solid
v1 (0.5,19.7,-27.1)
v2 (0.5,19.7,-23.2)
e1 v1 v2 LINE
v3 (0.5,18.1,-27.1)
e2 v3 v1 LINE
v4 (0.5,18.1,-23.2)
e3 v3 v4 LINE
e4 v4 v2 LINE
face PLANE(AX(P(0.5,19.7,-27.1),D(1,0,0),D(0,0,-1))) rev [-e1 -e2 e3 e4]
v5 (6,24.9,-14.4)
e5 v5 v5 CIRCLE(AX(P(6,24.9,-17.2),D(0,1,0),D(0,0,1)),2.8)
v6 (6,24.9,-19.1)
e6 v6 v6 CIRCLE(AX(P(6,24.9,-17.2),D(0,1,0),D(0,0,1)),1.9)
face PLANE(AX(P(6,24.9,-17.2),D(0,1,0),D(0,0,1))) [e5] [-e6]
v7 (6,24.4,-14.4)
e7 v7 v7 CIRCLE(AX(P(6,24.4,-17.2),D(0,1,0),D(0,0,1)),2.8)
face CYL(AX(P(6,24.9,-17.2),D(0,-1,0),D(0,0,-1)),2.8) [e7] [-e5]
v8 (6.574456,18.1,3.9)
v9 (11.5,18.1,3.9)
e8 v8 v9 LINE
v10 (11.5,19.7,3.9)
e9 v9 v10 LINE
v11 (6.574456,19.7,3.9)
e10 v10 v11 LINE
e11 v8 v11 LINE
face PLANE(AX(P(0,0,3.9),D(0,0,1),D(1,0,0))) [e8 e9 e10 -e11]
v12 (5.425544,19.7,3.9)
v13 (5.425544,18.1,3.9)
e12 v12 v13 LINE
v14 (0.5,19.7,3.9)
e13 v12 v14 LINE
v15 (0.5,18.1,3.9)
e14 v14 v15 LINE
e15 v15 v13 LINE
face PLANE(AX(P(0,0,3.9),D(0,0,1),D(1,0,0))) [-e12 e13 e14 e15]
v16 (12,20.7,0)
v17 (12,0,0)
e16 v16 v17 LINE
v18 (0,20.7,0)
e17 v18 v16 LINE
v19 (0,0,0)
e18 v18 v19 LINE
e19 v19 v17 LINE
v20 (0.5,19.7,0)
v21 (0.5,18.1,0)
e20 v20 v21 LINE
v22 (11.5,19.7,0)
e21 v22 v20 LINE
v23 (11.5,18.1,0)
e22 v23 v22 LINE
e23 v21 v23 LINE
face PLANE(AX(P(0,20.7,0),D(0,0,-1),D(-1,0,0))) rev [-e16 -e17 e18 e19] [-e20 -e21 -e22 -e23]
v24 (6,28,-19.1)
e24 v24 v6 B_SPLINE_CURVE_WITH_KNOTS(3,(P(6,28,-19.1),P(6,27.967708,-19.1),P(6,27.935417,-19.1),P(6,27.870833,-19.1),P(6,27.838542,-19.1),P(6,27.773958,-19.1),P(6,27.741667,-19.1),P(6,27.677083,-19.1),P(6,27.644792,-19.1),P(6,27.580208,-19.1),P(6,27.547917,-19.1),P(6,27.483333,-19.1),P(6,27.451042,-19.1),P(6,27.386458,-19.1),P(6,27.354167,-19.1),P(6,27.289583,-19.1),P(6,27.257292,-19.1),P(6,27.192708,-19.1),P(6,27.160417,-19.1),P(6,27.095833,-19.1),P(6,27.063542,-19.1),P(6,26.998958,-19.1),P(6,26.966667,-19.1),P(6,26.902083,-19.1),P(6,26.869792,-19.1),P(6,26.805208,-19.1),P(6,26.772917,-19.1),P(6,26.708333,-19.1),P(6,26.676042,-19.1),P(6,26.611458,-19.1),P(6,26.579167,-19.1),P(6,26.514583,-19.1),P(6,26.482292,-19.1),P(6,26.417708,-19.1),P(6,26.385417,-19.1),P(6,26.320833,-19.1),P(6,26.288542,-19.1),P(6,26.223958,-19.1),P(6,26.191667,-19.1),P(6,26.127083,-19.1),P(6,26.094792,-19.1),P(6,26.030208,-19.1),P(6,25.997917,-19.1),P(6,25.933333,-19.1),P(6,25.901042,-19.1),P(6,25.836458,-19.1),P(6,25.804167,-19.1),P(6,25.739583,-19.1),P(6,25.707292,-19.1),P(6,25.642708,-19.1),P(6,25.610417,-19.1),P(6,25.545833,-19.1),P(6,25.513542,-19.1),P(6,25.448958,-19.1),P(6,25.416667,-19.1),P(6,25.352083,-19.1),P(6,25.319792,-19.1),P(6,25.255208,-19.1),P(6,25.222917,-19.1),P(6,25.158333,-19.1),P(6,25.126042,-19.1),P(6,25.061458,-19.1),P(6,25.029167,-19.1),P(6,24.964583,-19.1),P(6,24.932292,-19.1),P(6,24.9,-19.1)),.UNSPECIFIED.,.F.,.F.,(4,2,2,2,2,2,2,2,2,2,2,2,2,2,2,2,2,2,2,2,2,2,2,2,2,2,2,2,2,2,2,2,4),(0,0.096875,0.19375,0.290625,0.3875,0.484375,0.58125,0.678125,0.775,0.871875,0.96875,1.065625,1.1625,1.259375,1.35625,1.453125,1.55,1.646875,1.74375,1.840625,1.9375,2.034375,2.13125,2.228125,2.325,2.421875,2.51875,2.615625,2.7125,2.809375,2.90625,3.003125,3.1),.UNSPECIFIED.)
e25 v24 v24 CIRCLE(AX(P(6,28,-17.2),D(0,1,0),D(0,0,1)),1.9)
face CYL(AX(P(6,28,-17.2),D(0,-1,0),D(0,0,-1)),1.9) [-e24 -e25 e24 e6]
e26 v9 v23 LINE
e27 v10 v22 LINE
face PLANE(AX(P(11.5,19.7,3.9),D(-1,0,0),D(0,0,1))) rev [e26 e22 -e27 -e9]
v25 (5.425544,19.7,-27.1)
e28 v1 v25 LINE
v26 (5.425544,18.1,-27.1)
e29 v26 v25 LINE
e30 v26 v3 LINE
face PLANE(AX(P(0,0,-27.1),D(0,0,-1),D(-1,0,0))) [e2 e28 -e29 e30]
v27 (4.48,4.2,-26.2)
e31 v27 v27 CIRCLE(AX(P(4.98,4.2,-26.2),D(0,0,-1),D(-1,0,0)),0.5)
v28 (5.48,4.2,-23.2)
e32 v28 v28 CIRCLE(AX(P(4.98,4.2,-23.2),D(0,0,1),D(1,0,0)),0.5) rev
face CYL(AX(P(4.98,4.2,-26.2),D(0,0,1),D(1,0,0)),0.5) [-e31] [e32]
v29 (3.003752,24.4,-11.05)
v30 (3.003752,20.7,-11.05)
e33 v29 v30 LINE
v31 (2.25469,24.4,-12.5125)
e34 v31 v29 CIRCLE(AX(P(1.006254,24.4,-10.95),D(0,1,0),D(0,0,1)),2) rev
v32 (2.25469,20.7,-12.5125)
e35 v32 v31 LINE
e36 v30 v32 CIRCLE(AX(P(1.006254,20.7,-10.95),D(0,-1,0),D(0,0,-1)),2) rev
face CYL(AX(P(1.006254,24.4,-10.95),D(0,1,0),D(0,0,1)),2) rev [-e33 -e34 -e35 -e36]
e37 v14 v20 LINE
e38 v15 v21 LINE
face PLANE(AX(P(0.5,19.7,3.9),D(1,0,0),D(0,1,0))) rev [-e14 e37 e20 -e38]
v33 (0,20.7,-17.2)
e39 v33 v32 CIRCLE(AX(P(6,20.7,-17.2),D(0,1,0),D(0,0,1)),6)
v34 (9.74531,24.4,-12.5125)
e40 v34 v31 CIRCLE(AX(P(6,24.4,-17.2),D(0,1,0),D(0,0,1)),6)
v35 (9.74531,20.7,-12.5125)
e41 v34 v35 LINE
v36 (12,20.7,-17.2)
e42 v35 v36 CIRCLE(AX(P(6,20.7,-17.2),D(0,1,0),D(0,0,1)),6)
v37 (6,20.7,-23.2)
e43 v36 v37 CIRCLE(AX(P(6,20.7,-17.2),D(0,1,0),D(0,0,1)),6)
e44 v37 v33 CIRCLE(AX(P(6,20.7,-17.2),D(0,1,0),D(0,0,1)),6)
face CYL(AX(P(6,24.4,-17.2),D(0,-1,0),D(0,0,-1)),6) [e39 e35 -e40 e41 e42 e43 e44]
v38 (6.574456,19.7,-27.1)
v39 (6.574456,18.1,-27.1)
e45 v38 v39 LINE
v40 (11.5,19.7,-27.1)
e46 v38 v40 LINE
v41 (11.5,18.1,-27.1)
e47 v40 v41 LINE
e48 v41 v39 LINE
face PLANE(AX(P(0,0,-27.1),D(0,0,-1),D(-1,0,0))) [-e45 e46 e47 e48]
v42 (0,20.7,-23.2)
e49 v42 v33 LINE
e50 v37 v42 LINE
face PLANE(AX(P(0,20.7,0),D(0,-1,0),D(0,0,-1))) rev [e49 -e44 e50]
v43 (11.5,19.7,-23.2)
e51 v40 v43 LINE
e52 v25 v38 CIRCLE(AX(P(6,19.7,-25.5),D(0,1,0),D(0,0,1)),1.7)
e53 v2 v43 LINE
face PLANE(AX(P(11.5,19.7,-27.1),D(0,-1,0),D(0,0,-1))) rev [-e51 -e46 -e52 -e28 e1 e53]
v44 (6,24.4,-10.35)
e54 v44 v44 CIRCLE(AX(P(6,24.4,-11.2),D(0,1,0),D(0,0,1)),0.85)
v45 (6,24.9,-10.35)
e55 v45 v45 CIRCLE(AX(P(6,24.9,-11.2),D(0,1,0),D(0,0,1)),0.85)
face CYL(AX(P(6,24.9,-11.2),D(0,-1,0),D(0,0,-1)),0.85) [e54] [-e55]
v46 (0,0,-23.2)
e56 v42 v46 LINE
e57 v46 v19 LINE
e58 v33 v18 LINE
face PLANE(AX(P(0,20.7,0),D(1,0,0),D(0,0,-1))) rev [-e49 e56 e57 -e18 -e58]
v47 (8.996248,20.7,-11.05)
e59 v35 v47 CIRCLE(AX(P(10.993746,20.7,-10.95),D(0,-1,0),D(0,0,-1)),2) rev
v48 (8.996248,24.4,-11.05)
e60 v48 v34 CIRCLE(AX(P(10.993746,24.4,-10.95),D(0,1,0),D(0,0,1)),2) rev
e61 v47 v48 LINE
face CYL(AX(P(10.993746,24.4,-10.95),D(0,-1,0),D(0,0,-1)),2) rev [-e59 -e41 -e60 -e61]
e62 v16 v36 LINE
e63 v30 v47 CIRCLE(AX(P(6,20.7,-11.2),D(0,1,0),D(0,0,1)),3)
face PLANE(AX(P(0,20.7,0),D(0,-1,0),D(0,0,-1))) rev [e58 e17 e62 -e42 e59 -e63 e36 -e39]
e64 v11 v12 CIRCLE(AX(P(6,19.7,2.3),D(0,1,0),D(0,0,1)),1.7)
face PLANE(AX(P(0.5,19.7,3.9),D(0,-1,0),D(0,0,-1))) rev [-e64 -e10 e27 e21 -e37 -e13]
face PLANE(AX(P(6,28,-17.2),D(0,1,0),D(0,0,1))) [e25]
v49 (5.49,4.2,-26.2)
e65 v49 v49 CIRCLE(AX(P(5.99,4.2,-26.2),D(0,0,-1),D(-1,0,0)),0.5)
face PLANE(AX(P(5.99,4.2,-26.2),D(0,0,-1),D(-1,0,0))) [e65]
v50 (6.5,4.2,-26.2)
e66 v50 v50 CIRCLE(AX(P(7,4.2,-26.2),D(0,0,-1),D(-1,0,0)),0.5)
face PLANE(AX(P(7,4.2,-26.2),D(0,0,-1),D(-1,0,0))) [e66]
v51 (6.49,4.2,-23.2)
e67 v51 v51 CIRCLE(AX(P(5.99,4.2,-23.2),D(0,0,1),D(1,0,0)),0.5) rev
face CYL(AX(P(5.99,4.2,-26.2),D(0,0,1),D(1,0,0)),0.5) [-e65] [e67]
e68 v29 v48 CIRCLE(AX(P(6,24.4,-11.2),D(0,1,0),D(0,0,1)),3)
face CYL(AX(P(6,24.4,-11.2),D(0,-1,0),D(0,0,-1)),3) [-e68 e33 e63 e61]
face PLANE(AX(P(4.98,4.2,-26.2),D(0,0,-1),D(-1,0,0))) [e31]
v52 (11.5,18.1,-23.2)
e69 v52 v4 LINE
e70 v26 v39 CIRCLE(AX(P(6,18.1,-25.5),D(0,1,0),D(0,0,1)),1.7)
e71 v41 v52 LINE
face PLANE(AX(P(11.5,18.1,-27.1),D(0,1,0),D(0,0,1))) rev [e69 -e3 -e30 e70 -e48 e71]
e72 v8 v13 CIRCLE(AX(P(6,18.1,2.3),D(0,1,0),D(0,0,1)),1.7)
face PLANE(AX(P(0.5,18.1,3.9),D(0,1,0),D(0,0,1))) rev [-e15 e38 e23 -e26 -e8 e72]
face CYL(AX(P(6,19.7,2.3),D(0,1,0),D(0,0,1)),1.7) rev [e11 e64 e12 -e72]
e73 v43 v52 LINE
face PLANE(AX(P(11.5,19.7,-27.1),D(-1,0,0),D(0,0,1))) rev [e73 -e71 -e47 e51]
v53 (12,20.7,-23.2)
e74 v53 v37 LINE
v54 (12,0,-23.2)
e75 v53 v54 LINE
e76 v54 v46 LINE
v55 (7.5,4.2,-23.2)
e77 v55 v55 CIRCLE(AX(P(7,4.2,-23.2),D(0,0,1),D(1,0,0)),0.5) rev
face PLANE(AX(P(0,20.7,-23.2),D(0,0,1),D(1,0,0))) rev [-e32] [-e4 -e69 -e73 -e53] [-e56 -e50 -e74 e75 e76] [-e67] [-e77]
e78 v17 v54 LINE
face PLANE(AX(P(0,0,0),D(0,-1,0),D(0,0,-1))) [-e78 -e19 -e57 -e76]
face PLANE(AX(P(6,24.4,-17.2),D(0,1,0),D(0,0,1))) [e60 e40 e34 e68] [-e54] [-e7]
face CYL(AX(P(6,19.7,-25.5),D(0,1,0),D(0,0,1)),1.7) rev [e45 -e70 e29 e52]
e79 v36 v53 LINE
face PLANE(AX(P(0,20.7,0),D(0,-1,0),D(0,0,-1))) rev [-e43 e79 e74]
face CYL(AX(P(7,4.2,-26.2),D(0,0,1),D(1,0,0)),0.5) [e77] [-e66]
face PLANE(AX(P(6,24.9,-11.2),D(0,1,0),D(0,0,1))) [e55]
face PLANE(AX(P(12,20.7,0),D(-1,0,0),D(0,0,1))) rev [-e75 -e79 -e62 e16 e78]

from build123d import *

# Parameters (mm, degrees)
SKETCH1_W                = 12
SKETCH1_H                = 23.2
BOSS_EXTRUDE1_DEPTH      = 20.7
SKETCH2_W                = 11
SKETCH2_H                = 1.6
BOSS_EXTRUDE2_DEPTH      = 3.9
SKETCH3_W                = 11
SKETCH3_H                = 1.6
BOSS_EXTRUDE3_DEPTH      = 3.9
SKETCH4_R                = 6
BOSS_EXTRUDE4_DEPTH      = 3.7
SKETCH5_R                = 3
BOSS_EXTRUDE5_DEPTH      = 3.7
FILLET1_R                = 2
SKETCH6_R                = 0.85
BOSS_EXTRUDE6_DEPTH      = 0.5
SKETCH7_R                = 2.8
BOSS_EXTRUDE7_DEPTH      = 0.5
SKETCH8_R                = 1.9
BOSS_EXTRUDE8_DEPTH      = 3.1
M3_CLEARANCE_HOLE1_D     = 3.4
M3_CLEARANCE_HOLE1_DEPTH = 3
M3_CLEARANCE_HOLE1_TIP   = 1.021463052
SKETCH11_R               = 0.5
BOSS_EXTRUDE9_DEPTH      = 3
LPATTERN2_COUNT          = 3
LPATTERN2_PITCH          = 1.01


with BuildPart() as part:
    # Sketch1 → Boss-Extrude1 (new body)
    with BuildSketch(Plane(origin=(0, 0, 0), x_dir=(1, 0, 0), z_dir=(0, 1, 0))):
        with Locations((6, 11.6)):
            Rectangle(SKETCH1_W, SKETCH1_H)
    extrude(amount=BOSS_EXTRUDE1_DEPTH)

    # Sketch2 → Boss-Extrude2 (add)
    with BuildSketch(Plane.XY):
        with Locations((6, 18.9)):
            Rectangle(SKETCH2_W, SKETCH2_H)
    extrude(amount=BOSS_EXTRUDE2_DEPTH)

    # Sketch3 → Boss-Extrude3 (add)
    with BuildSketch(Plane(origin=(0, 0, -23.2), x_dir=(-1, 0, 0), z_dir=(0, 0, -1))):
        with Locations((-6, 18.9)):
            Rectangle(SKETCH3_W, SKETCH3_H)
    extrude(amount=BOSS_EXTRUDE3_DEPTH)

    # Sketch4 → Boss-Extrude4 (add)
    with BuildSketch(Plane(origin=(0, 20.7, 0), x_dir=(1, 0, 0), z_dir=(0, 1, 0))):
        with Locations(Location((6, 17.2, 0), (0, 0, 90))):
            Circle(SKETCH4_R)
    extrude(amount=BOSS_EXTRUDE4_DEPTH)

    # Sketch5 → Boss-Extrude5 (add)
    with BuildSketch(Plane(origin=(0, 20.7, 0), x_dir=(1, 0, 0), z_dir=(0, 1, 0))):
        with Locations((6, 11.2)):
            Circle(SKETCH5_R)
    extrude(amount=BOSS_EXTRUDE5_DEPTH)

    # Fillet1
    fillet1_edges = [part.edges().sort_by_distance(p)[0] for p in [
        (3.09526249, 22.55, -11.95),
        (8.90473751, 22.55, -11.95),
    ]]
    fillet(fillet1_edges, radius=FILLET1_R)

    # Sketch6 → Boss-Extrude6 (add)
    with BuildSketch(Plane(origin=(0, 24.4, 0), x_dir=(1, 0, 0), z_dir=(0, 1, 0))):
        with Locations(Location((6, 11.2, 0), (0, 0, 270))):
            Circle(SKETCH6_R)
    extrude(amount=BOSS_EXTRUDE6_DEPTH)

    # Sketch7 → Boss-Extrude7 (add)
    with BuildSketch(Plane(origin=(0, 24.4, 0), x_dir=(1, 0, 0), z_dir=(0, 1, 0))):
        with Locations(Location((6, 17.2, 0), (0, 0, 270))):
            Circle(SKETCH7_R)
    extrude(amount=BOSS_EXTRUDE7_DEPTH)

    # Sketch8 → Boss-Extrude8 (add)
    with BuildSketch(Plane(origin=(0, 24.9, 0), x_dir=(1, 0, 0), z_dir=(0, 1, 0))):
        with Locations(Location((6, 17.2, 0), (0, 0, 90))):
            Circle(SKETCH8_R)
    extrude(amount=BOSS_EXTRUDE8_DEPTH)

    # M3 Clearance Hole1
    with Locations(Plane(origin=(0, 19.7, 0), x_dir=(1, 0, 0), z_dir=(0, 1, 0))):
        with Locations((6, -2.3), (6, 25.5)):
            Hole(M3_CLEARANCE_HOLE1_D / 2, depth=M3_CLEARANCE_HOLE1_DEPTH)
            with Locations((0, 0, -(M3_CLEARANCE_HOLE1_DEPTH + M3_CLEARANCE_HOLE1_TIP / 2))):  # 118° drill point
                Cone(0, M3_CLEARANCE_HOLE1_D / 2, M3_CLEARANCE_HOLE1_TIP, mode=Mode.SUBTRACT)

    # Sketch11 → Boss-Extrude9 (add)
    with BuildSketch(Plane(origin=(0, 0, -23.2), x_dir=(-1, 0, 0), z_dir=(0, 0, -1))):
        with Locations(Location((-7, 4.2, 0), (0, 0, 180))):
            Circle(SKETCH11_R)
    boss_extrude9 = extrude(amount=BOSS_EXTRUDE9_DEPTH)

    # LPattern2: Boss-Extrude9 ×3
    with Locations(*[(-i * LPATTERN2_PITCH, 0, 0) for i in range(1, LPATTERN2_COUNT)]):
        add(boss_extrude9)


solid = part.part
